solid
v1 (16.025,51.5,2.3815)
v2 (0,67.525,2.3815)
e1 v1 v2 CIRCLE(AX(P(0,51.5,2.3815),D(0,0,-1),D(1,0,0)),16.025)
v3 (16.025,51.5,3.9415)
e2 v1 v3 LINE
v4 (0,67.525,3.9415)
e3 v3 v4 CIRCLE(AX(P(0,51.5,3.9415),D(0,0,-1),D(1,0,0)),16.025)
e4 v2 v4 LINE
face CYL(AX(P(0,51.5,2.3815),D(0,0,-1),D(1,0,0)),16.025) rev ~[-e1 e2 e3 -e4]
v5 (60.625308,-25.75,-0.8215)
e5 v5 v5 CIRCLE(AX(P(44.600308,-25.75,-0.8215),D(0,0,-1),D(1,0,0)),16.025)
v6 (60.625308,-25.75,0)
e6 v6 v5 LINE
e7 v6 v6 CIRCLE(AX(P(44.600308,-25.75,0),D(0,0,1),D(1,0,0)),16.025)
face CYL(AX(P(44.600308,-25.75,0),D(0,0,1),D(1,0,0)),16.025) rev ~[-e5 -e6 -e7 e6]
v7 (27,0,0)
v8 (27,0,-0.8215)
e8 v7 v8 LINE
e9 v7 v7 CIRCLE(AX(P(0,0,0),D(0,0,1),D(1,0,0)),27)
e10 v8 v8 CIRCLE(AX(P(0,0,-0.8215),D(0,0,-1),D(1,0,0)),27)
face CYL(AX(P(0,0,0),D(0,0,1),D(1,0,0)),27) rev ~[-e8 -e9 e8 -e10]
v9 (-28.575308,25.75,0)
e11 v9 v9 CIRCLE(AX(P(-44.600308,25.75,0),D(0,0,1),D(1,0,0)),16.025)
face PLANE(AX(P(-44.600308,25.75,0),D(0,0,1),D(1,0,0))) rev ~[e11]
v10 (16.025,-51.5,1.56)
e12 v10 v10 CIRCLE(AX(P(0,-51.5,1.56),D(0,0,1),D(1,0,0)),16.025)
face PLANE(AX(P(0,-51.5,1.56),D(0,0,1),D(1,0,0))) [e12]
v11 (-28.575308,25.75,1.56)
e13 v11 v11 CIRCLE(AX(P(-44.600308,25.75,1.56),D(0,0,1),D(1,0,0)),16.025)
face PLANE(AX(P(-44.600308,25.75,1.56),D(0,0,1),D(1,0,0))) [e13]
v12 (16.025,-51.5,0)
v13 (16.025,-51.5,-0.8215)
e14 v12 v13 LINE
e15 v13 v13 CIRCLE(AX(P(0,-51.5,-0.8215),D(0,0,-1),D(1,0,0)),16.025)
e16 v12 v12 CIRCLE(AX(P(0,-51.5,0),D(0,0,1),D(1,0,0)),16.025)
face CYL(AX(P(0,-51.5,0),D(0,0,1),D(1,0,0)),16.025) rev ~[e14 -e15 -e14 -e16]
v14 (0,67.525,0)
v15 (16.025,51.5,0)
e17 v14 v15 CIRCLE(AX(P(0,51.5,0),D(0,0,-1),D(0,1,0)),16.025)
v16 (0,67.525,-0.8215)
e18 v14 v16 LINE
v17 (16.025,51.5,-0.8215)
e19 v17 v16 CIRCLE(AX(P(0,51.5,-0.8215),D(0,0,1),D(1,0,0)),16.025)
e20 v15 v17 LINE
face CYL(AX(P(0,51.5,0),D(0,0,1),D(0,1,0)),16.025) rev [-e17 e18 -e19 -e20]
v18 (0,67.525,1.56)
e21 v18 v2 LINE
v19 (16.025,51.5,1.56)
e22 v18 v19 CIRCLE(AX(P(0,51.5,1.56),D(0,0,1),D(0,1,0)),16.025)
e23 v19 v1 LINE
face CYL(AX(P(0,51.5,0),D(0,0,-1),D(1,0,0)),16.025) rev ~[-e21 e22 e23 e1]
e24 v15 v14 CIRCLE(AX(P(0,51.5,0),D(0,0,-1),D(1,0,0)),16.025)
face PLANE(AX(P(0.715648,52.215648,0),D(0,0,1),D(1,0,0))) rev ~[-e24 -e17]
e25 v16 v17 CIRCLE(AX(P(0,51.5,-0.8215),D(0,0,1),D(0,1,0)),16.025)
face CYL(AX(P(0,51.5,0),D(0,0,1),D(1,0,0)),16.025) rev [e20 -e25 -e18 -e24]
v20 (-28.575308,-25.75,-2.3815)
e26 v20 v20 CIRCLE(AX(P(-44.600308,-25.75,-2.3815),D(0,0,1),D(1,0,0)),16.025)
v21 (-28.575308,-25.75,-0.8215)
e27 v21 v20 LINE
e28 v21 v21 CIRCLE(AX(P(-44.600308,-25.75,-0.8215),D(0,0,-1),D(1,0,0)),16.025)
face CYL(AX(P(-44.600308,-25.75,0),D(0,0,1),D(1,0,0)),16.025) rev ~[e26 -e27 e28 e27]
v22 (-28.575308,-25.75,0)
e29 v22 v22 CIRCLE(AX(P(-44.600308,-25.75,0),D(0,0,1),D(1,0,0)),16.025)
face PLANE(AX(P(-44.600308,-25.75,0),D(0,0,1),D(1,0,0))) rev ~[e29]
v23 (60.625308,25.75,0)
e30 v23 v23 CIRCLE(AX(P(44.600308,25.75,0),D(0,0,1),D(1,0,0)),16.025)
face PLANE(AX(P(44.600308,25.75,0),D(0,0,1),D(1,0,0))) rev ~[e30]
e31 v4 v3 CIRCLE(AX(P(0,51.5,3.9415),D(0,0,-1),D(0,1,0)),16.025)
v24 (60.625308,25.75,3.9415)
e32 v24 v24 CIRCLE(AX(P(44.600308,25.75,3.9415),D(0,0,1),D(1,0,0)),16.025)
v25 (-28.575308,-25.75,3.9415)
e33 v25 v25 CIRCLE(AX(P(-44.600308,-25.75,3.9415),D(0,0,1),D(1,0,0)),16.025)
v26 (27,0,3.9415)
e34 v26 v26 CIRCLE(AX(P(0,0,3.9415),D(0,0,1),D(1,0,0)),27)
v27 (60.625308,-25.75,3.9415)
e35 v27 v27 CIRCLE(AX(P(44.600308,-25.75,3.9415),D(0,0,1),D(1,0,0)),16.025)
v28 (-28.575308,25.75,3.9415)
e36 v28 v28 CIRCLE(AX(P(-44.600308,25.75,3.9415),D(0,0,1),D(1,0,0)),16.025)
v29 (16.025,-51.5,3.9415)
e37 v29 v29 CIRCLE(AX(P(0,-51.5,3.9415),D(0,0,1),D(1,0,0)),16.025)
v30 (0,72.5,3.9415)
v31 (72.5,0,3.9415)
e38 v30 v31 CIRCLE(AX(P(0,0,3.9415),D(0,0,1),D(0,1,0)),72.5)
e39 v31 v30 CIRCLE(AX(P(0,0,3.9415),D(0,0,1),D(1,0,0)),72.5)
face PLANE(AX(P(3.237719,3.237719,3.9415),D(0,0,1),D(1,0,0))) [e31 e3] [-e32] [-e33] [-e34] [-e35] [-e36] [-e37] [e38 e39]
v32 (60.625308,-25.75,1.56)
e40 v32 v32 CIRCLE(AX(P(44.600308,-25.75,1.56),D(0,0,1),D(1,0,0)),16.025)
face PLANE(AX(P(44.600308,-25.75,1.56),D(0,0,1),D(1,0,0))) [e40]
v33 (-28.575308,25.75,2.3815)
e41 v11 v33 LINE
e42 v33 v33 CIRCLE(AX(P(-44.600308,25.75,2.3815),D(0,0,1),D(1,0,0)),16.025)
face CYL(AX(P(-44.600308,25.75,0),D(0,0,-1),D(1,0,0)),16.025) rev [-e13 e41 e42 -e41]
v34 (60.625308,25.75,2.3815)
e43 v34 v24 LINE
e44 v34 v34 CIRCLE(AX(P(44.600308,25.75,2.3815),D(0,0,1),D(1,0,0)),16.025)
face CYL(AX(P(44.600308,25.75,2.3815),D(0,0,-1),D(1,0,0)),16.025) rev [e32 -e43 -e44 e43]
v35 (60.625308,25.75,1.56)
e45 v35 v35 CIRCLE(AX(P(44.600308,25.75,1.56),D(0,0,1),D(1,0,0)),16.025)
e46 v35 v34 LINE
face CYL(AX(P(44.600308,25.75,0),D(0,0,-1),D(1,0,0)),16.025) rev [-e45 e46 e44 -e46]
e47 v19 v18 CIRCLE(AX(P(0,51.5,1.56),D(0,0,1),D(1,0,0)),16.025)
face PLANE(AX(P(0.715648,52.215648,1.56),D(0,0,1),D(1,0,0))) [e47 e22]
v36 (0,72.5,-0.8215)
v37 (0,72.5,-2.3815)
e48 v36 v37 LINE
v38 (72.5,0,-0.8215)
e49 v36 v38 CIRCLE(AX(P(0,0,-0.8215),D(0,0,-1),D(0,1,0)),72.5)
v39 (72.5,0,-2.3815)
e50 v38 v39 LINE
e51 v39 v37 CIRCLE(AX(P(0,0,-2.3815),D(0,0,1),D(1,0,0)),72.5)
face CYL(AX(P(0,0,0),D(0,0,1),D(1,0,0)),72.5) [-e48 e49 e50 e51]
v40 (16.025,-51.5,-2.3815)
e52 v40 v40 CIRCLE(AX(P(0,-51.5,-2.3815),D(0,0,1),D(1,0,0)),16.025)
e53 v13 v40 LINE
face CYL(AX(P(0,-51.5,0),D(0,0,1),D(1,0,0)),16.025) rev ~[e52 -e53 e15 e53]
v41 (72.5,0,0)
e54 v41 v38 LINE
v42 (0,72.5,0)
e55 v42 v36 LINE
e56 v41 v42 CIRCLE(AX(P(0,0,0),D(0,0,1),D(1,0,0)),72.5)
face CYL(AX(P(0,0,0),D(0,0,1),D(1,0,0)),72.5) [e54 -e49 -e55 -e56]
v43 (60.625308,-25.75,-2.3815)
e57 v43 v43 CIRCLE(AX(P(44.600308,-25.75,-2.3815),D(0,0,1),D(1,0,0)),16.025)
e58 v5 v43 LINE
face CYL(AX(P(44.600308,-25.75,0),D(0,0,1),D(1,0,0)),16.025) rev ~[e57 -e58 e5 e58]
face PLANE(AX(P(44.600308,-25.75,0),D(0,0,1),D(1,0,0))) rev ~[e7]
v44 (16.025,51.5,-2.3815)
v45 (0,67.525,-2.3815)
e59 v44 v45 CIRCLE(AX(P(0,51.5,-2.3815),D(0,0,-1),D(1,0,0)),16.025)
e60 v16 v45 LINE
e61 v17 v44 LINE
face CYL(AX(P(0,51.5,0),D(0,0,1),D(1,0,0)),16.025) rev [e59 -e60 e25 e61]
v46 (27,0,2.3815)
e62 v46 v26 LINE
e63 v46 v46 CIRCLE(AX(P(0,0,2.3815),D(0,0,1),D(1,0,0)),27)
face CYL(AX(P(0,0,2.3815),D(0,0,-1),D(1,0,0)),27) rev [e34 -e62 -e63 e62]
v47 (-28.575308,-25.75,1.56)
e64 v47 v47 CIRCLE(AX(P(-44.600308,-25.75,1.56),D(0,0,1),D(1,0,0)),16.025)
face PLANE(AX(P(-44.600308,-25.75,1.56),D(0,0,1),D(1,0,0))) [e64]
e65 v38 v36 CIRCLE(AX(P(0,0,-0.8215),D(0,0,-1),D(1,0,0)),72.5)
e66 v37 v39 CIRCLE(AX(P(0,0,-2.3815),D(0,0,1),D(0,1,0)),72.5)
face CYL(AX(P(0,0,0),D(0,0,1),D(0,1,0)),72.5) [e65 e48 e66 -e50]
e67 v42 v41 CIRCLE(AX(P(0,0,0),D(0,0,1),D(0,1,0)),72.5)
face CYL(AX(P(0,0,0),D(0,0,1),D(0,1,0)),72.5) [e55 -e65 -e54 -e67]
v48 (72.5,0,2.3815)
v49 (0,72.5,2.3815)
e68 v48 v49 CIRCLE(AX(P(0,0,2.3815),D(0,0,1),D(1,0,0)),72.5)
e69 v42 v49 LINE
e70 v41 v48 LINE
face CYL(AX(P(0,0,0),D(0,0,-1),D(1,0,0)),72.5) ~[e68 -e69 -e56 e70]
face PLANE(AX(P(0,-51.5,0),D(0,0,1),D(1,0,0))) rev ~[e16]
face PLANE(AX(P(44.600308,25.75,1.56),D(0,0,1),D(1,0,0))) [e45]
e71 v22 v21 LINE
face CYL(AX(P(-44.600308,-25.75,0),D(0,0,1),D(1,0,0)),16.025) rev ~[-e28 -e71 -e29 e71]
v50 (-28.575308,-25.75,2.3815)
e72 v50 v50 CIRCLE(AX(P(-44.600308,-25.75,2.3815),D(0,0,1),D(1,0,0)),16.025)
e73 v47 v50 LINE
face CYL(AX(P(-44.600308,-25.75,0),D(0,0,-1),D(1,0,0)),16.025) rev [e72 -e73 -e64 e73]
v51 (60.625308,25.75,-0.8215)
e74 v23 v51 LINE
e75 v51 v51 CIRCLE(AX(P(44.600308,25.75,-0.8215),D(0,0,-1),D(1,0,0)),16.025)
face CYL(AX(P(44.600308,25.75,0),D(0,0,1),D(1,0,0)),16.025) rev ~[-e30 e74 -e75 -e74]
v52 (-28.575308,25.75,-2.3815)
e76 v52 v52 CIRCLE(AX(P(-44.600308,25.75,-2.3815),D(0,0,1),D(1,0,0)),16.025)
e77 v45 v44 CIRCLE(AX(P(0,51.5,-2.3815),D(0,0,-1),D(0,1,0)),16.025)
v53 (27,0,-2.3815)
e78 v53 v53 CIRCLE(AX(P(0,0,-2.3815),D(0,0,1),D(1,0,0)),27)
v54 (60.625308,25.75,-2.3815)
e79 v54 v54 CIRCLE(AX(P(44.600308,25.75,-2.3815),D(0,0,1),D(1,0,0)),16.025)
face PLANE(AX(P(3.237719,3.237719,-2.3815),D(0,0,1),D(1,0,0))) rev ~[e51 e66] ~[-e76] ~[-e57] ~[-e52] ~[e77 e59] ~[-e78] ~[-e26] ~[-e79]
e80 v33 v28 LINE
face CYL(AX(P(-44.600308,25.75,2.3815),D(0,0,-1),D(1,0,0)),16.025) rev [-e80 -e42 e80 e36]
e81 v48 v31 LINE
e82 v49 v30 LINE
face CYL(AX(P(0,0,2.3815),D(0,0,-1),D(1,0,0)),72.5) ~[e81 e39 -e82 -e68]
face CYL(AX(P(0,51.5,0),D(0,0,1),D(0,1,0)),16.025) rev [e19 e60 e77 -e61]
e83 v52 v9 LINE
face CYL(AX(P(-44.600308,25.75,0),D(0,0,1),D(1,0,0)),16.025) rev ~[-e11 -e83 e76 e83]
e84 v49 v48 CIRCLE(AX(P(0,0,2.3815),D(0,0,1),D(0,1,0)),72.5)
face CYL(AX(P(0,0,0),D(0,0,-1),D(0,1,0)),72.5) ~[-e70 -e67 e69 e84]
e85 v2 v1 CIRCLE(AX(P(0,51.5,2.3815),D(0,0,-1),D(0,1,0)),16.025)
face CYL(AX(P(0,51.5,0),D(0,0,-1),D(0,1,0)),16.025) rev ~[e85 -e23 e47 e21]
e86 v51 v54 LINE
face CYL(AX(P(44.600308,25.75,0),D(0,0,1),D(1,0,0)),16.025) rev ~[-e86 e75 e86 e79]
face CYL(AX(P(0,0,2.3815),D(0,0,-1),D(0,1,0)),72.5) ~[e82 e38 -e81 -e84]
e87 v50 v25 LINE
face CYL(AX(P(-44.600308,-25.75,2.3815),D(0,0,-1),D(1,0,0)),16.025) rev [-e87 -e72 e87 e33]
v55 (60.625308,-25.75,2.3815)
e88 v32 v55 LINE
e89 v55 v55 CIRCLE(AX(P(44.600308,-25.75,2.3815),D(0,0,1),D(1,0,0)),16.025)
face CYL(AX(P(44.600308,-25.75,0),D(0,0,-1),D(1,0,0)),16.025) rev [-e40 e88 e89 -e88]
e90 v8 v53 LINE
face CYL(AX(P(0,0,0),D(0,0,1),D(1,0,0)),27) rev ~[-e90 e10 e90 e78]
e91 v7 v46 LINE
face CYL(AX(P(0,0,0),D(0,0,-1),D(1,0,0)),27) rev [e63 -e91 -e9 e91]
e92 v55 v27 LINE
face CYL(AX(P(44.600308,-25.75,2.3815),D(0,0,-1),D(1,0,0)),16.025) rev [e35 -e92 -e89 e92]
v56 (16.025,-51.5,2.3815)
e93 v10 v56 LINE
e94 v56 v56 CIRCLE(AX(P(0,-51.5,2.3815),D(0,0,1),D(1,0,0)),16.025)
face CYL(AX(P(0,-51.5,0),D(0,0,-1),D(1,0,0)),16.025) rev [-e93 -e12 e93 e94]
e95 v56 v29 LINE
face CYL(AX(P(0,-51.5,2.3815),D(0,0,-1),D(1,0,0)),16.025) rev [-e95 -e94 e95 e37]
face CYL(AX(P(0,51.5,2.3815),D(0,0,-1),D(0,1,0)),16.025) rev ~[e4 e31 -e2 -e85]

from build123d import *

# Parameters (mm, degrees)
F0_R         = 16.025
F0_R_2       = 27
F1_DEPTH     = 2.3815
F1_FACE_R    = 16.025
F1_FACE_R_2  = 27
F1_FACE1_R   = 16.025
F1_FACE1_R_2 = 27
F2_DEPTH     = 1.56


with BuildPart() as f1:
    # F0 (on Top) → F1 (new body, symmetric)
    with BuildSketch(Plane.XY):
        with BuildLine():
            ThreePointArc((0, 72.5), (-51.265241636, -51.265241636), (72.5, 0))
            ThreePointArc((72.5, 0), (51.265241636, 51.265241636), (0, 72.5))
        make_face()
        with Locations((-44.6003082949, -25.75)):
            Circle(F0_R, mode=Mode.SUBTRACT)
        with Locations((0, -51.5)):
            Circle(F0_R, mode=Mode.SUBTRACT)
        with Locations((44.6003082949, -25.75)):
            Circle(F0_R, mode=Mode.SUBTRACT)
        with Locations((-44.6003082949, 25.75)):
            Circle(F0_R, mode=Mode.SUBTRACT)
        Circle(F0_R_2, mode=Mode.SUBTRACT)
        with Locations((44.6003082949, 25.75)):
            Circle(F0_R, mode=Mode.SUBTRACT)
        with BuildLine():
            ThreePointArc((16.025, 51.5), (-11.3313861685, 40.1686138315), (0, 67.525))
            ThreePointArc((0, 67.525), (11.3313861685, 62.8313861685), (16.025, 51.5))
        make_face(mode=Mode.SUBTRACT)
    extrude(amount=F1_DEPTH, both=True)

    # F0 (on Top) + F1_face (on face) + F1_face1 (on face) → F2 (join)
    with BuildSketch(Plane.XY):
        with Locations((-44.6003082949, 25.75)):
            Circle(F0_R)
        with BuildLine():
            ThreePointArc((16.025, 51.5), (11.3313861685, 62.8313861685), (0, 67.525))
            ThreePointArc((0, 67.525), (-11.3313861685, 40.1686138315), (16.025, 51.5))
        make_face()
        with Locations((44.6003082949, 25.75)):
            Circle(F0_R)
        with Locations((44.6003082949, -25.75)):
            Circle(F0_R)
        with Locations((0, -51.5)):
            Circle(F0_R)
        with Locations((-44.6003082949, -25.75)):
            Circle(F0_R)
    with BuildSketch(Plane.XY.offset(2.3815)):
        with BuildLine():
            ThreePointArc((72.5, 0), (51.265241636, 51.265241636), (0, 72.5))
            ThreePointArc((0, 72.5), (-51.265241636, -51.265241636), (72.5, 0))
        make_face()
        with Locations((-44.6003082949, -25.75)):
            Circle(F1_FACE_R, mode=Mode.SUBTRACT)
        with Locations((0, -51.5)):
            Circle(F1_FACE_R, mode=Mode.SUBTRACT)
        with Locations((44.6003082949, -25.75)):
            Circle(F1_FACE_R, mode=Mode.SUBTRACT)
        with Locations((-44.6003082949, 25.75)):
            Circle(F1_FACE_R, mode=Mode.SUBTRACT)
        Circle(F1_FACE_R_2, mode=Mode.SUBTRACT)
        with Locations((44.6003082949, 25.75)):
            Circle(F1_FACE_R, mode=Mode.SUBTRACT)
        with BuildLine():
            ThreePointArc((16.025, 51.5), (-11.3313861685, 40.1686138315), (0, 67.525))
            ThreePointArc((0, 67.525), (11.3313861685, 62.8313861685), (16.025, 51.5))
        make_face(mode=Mode.SUBTRACT)
    with BuildSketch(Plane(origin=(0, 0, -2.3815), x_dir=(1, 0, 0), z_dir=(0, 0, -1))):
        with BuildLine():
            ThreePointArc((0, -72.5), (51.265241636, -51.265241636), (72.5, 0))
            ThreePointArc((72.5, 0), (-51.265241636, 51.265241636), (0, -72.5))
        make_face()
        with Locations((-44.6003082949, 25.75)):
            Circle(F1_FACE1_R, mode=Mode.SUBTRACT)
        with Locations((0, 51.5)):
            Circle(F1_FACE1_R, mode=Mode.SUBTRACT)
        with Locations((44.6003082949, 25.75)):
            Circle(F1_FACE1_R, mode=Mode.SUBTRACT)
        with Locations((-44.6003082949, -25.75)):
            Circle(F1_FACE1_R, mode=Mode.SUBTRACT)
        Circle(F1_FACE1_R_2, mode=Mode.SUBTRACT)
        with Locations((44.6003082949, -25.75)):
            Circle(F1_FACE1_R, mode=Mode.SUBTRACT)
        with BuildLine():
            ThreePointArc((0, -67.525), (-11.3313861685, -40.1686138315), (16.025, -51.5))
            ThreePointArc((16.025, -51.5), (11.3313861685, -62.8313861685), (0, -67.525))
        make_face(mode=Mode.SUBTRACT)
    extrude(amount=F2_DEPTH, dir=(0, 0, 1))


solid = f1.part
